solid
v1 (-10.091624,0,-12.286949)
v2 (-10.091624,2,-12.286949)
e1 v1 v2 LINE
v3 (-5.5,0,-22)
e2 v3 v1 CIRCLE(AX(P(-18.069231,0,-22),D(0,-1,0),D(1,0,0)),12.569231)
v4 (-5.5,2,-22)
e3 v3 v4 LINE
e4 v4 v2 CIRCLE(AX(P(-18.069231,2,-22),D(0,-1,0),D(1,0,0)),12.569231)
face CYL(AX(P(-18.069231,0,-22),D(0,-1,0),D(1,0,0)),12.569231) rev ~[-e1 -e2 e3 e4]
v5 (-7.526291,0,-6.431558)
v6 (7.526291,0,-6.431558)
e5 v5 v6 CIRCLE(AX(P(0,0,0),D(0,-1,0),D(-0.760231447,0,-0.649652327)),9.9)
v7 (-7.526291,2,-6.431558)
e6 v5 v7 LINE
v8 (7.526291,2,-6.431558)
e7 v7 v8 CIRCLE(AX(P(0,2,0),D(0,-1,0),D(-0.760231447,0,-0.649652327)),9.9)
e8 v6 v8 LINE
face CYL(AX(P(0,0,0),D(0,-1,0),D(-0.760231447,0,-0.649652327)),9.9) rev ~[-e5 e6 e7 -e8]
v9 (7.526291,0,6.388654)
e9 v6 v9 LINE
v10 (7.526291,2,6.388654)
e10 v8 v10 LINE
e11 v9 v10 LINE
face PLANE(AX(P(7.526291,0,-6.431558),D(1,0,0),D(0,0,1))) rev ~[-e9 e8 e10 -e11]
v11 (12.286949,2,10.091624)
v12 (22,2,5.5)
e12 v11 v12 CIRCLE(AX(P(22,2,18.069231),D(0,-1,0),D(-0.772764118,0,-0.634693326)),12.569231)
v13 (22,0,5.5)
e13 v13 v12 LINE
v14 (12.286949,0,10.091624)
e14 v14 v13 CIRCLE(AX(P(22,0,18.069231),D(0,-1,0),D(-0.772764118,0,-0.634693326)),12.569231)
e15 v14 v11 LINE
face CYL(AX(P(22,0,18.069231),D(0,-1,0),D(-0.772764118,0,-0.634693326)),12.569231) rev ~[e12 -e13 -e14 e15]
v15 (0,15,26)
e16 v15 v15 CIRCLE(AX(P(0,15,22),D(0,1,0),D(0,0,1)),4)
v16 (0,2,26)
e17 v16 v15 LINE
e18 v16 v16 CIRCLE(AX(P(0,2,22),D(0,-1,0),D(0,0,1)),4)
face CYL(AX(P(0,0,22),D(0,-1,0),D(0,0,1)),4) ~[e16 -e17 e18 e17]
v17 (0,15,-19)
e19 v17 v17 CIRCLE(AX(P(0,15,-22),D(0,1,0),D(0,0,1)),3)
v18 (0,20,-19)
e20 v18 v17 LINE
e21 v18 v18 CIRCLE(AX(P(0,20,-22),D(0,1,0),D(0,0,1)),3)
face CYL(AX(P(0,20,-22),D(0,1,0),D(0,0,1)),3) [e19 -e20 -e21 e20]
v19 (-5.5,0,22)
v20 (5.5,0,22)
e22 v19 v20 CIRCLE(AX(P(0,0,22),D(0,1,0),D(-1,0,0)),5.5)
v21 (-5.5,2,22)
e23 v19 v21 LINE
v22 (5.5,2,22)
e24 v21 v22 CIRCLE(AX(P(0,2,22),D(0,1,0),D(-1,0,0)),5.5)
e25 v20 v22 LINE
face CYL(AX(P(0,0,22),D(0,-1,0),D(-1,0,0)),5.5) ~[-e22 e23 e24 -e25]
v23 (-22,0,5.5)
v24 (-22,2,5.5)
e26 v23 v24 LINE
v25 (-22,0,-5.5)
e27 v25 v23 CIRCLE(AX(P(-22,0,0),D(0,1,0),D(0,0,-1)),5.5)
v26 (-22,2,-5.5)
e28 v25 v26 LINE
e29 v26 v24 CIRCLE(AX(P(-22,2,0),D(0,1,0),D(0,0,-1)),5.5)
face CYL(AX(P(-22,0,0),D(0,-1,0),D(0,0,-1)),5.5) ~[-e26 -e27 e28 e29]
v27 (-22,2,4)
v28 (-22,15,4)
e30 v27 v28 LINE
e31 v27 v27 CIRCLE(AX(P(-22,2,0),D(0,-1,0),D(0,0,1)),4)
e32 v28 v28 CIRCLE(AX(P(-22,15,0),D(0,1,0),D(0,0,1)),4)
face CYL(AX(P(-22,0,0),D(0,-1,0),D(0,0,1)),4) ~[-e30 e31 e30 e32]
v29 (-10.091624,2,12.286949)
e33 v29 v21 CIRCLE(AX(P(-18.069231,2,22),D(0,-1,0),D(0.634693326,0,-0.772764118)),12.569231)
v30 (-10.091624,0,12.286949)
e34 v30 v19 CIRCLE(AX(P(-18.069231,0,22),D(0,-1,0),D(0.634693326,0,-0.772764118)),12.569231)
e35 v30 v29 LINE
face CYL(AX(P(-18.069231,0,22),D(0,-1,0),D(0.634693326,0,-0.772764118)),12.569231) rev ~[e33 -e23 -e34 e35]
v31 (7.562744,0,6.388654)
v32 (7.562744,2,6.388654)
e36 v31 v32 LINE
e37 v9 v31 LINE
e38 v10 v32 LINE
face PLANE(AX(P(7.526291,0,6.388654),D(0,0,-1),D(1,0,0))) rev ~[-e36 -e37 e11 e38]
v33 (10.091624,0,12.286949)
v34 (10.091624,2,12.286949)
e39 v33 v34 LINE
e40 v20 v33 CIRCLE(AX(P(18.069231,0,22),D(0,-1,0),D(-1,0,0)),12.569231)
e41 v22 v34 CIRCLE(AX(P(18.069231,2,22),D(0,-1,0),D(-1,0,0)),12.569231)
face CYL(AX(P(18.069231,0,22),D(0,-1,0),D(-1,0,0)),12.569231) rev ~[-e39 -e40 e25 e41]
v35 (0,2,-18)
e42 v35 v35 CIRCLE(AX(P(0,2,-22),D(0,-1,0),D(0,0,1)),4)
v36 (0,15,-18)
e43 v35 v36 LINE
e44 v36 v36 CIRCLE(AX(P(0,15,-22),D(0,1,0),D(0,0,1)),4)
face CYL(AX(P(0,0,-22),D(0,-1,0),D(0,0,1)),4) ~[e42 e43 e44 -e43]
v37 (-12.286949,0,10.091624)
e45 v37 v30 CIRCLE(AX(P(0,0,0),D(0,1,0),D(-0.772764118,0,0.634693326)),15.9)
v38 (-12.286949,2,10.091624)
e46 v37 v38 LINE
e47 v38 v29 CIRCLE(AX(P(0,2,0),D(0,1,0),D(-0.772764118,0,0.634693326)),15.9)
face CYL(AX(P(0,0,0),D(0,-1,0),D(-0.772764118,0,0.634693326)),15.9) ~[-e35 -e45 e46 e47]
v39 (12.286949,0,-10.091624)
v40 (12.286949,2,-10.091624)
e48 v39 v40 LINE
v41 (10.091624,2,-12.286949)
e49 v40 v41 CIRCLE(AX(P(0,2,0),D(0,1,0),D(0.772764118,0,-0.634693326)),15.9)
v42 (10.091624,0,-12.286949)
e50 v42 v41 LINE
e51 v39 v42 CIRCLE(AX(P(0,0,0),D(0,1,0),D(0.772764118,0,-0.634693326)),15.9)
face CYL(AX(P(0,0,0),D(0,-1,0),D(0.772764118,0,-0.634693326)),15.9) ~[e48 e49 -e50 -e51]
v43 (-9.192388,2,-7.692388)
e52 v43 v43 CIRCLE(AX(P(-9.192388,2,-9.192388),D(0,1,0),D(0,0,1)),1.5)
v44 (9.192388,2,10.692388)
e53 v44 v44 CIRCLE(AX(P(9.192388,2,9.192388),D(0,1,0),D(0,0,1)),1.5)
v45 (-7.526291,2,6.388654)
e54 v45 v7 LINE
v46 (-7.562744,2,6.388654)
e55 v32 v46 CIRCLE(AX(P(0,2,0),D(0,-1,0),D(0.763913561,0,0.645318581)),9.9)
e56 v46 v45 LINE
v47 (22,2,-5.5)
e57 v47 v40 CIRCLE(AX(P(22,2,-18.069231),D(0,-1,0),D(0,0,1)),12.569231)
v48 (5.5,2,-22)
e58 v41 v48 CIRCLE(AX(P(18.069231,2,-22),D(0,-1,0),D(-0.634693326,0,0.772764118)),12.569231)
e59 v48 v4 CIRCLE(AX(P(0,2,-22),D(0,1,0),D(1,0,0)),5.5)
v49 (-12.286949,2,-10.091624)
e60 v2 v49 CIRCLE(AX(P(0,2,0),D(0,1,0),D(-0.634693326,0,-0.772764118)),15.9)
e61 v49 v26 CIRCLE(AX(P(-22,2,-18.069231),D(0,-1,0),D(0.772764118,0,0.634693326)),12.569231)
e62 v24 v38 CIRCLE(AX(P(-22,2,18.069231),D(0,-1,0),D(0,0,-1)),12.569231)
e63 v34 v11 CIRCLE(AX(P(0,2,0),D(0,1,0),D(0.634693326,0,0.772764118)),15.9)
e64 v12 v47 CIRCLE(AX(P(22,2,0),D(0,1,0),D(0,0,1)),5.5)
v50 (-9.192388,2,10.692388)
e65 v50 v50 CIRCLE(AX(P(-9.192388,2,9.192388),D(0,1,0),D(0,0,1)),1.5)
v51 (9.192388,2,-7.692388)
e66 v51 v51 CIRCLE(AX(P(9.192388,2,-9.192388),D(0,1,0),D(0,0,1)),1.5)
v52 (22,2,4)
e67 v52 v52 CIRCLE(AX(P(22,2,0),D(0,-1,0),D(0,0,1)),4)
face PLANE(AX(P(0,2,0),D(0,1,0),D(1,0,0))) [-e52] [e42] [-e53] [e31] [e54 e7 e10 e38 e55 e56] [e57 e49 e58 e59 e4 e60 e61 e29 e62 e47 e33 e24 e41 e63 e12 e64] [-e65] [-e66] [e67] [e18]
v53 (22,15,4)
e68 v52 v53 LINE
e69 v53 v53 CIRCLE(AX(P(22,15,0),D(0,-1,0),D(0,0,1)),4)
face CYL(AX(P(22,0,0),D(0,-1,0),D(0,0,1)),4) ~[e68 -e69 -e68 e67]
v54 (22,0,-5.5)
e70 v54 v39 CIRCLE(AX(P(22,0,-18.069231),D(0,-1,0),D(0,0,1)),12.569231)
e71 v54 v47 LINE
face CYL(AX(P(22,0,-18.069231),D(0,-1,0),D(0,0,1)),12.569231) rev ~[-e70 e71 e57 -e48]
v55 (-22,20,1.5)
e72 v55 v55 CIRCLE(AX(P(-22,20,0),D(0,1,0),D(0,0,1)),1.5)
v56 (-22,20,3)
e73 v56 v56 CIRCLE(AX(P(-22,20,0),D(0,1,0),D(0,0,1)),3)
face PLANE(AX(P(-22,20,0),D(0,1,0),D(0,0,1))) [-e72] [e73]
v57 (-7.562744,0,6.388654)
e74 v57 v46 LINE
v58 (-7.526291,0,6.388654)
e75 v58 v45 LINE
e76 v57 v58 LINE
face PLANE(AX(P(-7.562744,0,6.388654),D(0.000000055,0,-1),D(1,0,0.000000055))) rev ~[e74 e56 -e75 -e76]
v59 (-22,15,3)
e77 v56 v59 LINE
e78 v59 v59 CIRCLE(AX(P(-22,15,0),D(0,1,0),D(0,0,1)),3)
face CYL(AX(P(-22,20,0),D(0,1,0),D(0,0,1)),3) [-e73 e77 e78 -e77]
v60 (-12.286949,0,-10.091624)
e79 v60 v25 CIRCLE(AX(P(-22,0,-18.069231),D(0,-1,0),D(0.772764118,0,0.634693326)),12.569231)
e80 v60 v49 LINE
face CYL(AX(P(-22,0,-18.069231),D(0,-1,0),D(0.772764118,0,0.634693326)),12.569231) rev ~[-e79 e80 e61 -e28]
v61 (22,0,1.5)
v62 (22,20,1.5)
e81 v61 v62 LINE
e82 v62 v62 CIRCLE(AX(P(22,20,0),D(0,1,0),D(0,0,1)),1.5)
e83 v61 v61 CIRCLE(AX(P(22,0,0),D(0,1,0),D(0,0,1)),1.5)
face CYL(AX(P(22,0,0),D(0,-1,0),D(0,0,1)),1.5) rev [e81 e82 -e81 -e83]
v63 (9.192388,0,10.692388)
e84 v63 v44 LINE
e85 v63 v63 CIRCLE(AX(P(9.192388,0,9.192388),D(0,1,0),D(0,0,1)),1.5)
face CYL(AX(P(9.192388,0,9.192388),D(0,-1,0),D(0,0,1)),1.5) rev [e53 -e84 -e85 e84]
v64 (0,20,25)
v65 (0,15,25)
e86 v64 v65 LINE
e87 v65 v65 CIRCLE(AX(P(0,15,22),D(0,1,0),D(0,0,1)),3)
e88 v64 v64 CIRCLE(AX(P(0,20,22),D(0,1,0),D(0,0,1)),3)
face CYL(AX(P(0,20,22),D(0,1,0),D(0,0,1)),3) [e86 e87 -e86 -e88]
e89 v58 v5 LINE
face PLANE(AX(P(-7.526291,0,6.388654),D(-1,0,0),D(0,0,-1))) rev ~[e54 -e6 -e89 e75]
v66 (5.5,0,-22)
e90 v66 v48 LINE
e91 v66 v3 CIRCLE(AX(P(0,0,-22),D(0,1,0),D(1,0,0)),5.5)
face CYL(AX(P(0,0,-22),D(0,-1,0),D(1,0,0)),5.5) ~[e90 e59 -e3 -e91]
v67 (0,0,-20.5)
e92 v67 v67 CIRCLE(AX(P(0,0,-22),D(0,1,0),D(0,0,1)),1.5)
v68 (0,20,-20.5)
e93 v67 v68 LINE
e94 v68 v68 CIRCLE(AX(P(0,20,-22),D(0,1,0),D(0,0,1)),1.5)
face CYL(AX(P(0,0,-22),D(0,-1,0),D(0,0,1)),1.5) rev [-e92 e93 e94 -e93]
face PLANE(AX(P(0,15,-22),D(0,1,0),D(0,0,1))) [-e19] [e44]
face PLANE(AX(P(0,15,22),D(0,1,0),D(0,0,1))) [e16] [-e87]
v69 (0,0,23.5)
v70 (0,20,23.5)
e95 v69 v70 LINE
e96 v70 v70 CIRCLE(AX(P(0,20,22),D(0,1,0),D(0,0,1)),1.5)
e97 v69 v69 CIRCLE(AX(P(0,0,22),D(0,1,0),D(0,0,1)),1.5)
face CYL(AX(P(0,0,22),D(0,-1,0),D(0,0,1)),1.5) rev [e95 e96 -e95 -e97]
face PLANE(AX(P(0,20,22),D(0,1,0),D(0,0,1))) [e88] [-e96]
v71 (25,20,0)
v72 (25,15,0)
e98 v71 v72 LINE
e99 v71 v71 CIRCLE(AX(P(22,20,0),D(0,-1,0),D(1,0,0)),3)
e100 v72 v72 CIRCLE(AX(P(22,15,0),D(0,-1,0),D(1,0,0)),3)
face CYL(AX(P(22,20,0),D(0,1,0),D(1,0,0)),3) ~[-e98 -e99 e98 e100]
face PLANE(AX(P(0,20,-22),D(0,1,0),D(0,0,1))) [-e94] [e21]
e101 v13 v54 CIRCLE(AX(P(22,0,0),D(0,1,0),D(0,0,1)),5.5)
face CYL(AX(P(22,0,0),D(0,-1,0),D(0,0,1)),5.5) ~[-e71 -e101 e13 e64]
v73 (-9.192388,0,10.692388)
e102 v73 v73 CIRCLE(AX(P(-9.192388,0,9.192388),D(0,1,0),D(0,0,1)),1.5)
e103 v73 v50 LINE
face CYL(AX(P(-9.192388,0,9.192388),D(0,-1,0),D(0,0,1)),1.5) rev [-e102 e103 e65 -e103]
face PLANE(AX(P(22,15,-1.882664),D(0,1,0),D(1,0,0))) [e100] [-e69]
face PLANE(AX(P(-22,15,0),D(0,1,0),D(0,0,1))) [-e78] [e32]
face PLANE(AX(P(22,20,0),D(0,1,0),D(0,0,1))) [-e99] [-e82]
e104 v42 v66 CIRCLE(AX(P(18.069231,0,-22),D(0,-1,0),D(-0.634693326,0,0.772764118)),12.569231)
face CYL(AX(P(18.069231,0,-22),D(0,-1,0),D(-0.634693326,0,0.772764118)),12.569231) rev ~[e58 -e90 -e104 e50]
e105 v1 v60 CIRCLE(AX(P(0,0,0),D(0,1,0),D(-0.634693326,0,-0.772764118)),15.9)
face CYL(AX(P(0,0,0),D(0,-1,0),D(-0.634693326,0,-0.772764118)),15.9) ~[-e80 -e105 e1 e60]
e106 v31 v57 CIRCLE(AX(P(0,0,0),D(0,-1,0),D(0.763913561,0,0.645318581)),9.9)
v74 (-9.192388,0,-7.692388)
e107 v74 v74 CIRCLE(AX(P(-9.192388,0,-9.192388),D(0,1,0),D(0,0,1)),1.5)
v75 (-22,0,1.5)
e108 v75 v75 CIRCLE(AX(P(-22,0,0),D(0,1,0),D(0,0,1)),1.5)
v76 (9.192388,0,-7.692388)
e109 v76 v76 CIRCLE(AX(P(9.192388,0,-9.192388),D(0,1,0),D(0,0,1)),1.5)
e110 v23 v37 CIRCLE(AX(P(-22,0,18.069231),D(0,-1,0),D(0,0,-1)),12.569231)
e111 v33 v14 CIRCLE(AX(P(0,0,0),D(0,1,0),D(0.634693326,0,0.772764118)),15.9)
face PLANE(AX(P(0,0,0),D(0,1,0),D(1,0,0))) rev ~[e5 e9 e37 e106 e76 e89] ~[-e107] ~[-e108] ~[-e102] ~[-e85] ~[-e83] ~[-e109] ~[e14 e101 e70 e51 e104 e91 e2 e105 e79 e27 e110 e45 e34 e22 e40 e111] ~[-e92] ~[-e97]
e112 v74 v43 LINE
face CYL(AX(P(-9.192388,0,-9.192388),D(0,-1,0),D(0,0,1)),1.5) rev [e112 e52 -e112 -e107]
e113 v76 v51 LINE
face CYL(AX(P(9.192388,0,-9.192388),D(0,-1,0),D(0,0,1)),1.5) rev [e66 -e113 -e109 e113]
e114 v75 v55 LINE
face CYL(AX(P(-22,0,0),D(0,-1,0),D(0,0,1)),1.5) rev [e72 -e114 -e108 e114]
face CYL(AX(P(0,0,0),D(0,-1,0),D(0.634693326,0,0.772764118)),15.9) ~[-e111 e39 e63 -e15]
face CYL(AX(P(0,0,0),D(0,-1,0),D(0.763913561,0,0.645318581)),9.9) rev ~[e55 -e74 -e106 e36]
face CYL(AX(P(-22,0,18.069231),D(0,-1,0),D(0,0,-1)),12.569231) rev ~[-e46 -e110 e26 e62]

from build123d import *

# Parameters (mm, degrees)
SKETCH2_R           = 1.5
BOSS_EXTRUDE1_DEPTH = 2
SKETCH2_4_R         = 4
SKETCH2_4_R_2       = 1.5
BOSS_EXTRUDE2_DEPTH = 20
CUT_EXTRUDE1_START  = 20
SKETCH2_5_R         = 4
SKETCH2_5_R_2       = 3
CUT_EXTRUDE1_DEPTH  = 5


with BuildPart() as part:
    # Sketch2 → Boss-Extrude1 (new body)
    with BuildSketch(Plane(origin=(0, 0, 0), x_dir=(1, 0, 0), z_dir=(0, 1, 0))):
        with BuildLine():
            ThreePointArc((22, -5.5), (27.5, 0), (22, 5.5))
            ThreePointArc((22, 5.5), (16.628166969, 6.705737819), (12.286949473, 10.091623885))
            ThreePointArc((12.286949473, 10.091623885), (11.242997821, 11.242997821), (10.091623885, 12.286949473))
            ThreePointArc((10.091623885, 12.286949473), (6.705737819, 16.628166969), (5.5, 22))
            ThreePointArc((5.5, 22), (0, 27.5), (-5.5, 22))
            ThreePointArc((-5.5, 22), (-6.705737819, 16.628166969), (-10.091623885, 12.286949473))
            ThreePointArc((-10.091623885, 12.286949473), (-11.242997821, 11.242997821), (-12.286949473, 10.091623885))
            ThreePointArc((-12.286949473, 10.091623885), (-16.628166969, 6.705737819), (-22, 5.5))
            ThreePointArc((-22, 5.5), (-27.5, 0), (-22, -5.5))
            ThreePointArc((-22, -5.5), (-16.628166969, -6.705737819), (-12.286949473, -10.091623885))
            ThreePointArc((-12.286949473, -10.091623885), (-11.242997821, -11.242997821), (-10.091623885, -12.286949473))
            ThreePointArc((-10.091623885, -12.286949473), (-6.705737819, -16.628166969), (-5.5, -22))
            ThreePointArc((-5.5, -22), (0, -27.5), (5.5, -22))
            ThreePointArc((5.5, -22), (6.705737819, -16.628166969), (10.091623885, -12.286949473))
            ThreePointArc((10.091623885, -12.286949473), (11.242997821, -11.242997821), (12.286949473, -10.091623885))
            ThreePointArc((12.286949473, -10.091623885), (16.628166969, -6.705737819), (22, -5.5))
        make_face()
        with Locations(Location((-22, 0, 0), (0, 0, 270))):
            Circle(SKETCH2_R, mode=Mode.SUBTRACT)
        with Locations(Location((-9.192388155, -9.192388155, 0), (0, 0, 270))):
            Circle(SKETCH2_R, mode=Mode.SUBTRACT)
        with BuildLine():
            Line((7.526291329, 6.431558041), (7.526291329, 0))
            Line((7.526291329, 0), (7.526291329, -6.388653952))
            Line((7.526291329, -6.388653952), (7.562744256, -6.388653952))
            ThreePointArc((7.562744256, -6.388653952), (-1e-09, -9.9), (-7.562744258, -6.38865395))
            Line((-7.562744258, -6.38865395), (-7.526291329, -6.388653952))
            Line((-7.526291329, -6.388653952), (-7.526291329, 6.431558041))
            ThreePointArc((-7.526291329, 6.431558041), (0, 9.9), (7.526291329, 6.431558041))
        make_face(mode=Mode.SUBTRACT)
        with Locations(Location((0, -22, 0), (0, 0, 270))):
            Circle(SKETCH2_R, mode=Mode.SUBTRACT)
        with Locations(Location((9.192388155, -9.192388155, 0), (0, 0, 270))):
            Circle(SKETCH2_R, mode=Mode.SUBTRACT)
        with Locations(Location((22, 0, 0), (0, 0, 270))):
            Circle(SKETCH2_R, mode=Mode.SUBTRACT)
        with Locations(Location((-9.192388155, 9.192388155, 0), (0, 0, 270))):
            Circle(SKETCH2_R, mode=Mode.SUBTRACT)
        with Locations(Location((9.192388155, 9.192388155, 0), (0, 0, 270))):
            Circle(SKETCH2_R, mode=Mode.SUBTRACT)
        with Locations(Location((0, 22, 0), (0, 0, 270))):
            Circle(SKETCH2_R, mode=Mode.SUBTRACT)
    extrude(amount=BOSS_EXTRUDE1_DEPTH)

    # Sketch2<4> → Boss-Extrude2 (add)
    with BuildSketch(Plane(origin=(0, 0, 0), x_dir=(1, 0, 0), z_dir=(0, 1, 0))):
        with Locations(Location((22, 0, 0), (0, 0, 270))):
            Circle(SKETCH2_4_R)
        with Locations(Location((22, 0, 0), (0, 0, 270))):
            Circle(SKETCH2_4_R_2, mode=Mode.SUBTRACT)
        with Locations(Location((0, -22, 0), (0, 0, 270))):
            Circle(SKETCH2_4_R)
        with Locations(Location((0, -22, 0), (0, 0, 270))):
            Circle(SKETCH2_4_R_2, mode=Mode.SUBTRACT)
        with Locations(Location((-22, 0, 0), (0, 0, 270))):
            Circle(SKETCH2_4_R)
        with Locations(Location((-22, 0, 0), (0, 0, 270))):
            Circle(SKETCH2_4_R_2, mode=Mode.SUBTRACT)
        with Locations(Location((0, 22, 0), (0, 0, 270))):
            Circle(SKETCH2_4_R)
        with Locations(Location((0, 22, 0), (0, 0, 270))):
            Circle(SKETCH2_4_R_2, mode=Mode.SUBTRACT)
    extrude(amount=BOSS_EXTRUDE2_DEPTH)

    # Sketch2<5> → Cut-Extrude1 (cut)
    with BuildSketch(Plane(origin=(0, 0, 0), x_dir=(1, 0, 0), z_dir=(0, 1, 0)).offset(CUT_EXTRUDE1_START)):
        with Locations(Location((-22, 0, 0), (0, 0, 270))):
            Circle(SKETCH2_5_R)
        with Locations(Location((-22, 0, 0), (0, 0, 270))):
            Circle(SKETCH2_5_R_2, mode=Mode.SUBTRACT)
        with Locations(Location((0, 22, 0), (0, 0, 270))):
            Circle(SKETCH2_5_R)
        with Locations(Location((0, 22, 0), (0, 0, 270))):
            Circle(SKETCH2_5_R_2, mode=Mode.SUBTRACT)
        with BuildLine():
            ThreePointArc((19, 0), (22, 3), (25, 0))
            Line((25, 0), (26, 0))
            ThreePointArc((26, 0), (22, 4), (18, 0))
            Line((18, 0), (19, 0))
        make_face()
        with BuildLine():
            Line((26, 0), (25, 0))
            ThreePointArc((25, 0), (22, -3), (19, 0))
            Line((19, 0), (18, 0))
            ThreePointArc((18, 0), (22, -4), (26, 0))
        make_face()
        with Locations(Location((0, -22, 0), (0, 0, 270))):
            Circle(SKETCH2_5_R)
        with Locations(Location((0, -22, 0), (0, 0, 270))):
            Circle(SKETCH2_5_R_2, mode=Mode.SUBTRACT)
    extrude(amount=-CUT_EXTRUDE1_DEPTH, mode=Mode.SUBTRACT)


solid = part.part
